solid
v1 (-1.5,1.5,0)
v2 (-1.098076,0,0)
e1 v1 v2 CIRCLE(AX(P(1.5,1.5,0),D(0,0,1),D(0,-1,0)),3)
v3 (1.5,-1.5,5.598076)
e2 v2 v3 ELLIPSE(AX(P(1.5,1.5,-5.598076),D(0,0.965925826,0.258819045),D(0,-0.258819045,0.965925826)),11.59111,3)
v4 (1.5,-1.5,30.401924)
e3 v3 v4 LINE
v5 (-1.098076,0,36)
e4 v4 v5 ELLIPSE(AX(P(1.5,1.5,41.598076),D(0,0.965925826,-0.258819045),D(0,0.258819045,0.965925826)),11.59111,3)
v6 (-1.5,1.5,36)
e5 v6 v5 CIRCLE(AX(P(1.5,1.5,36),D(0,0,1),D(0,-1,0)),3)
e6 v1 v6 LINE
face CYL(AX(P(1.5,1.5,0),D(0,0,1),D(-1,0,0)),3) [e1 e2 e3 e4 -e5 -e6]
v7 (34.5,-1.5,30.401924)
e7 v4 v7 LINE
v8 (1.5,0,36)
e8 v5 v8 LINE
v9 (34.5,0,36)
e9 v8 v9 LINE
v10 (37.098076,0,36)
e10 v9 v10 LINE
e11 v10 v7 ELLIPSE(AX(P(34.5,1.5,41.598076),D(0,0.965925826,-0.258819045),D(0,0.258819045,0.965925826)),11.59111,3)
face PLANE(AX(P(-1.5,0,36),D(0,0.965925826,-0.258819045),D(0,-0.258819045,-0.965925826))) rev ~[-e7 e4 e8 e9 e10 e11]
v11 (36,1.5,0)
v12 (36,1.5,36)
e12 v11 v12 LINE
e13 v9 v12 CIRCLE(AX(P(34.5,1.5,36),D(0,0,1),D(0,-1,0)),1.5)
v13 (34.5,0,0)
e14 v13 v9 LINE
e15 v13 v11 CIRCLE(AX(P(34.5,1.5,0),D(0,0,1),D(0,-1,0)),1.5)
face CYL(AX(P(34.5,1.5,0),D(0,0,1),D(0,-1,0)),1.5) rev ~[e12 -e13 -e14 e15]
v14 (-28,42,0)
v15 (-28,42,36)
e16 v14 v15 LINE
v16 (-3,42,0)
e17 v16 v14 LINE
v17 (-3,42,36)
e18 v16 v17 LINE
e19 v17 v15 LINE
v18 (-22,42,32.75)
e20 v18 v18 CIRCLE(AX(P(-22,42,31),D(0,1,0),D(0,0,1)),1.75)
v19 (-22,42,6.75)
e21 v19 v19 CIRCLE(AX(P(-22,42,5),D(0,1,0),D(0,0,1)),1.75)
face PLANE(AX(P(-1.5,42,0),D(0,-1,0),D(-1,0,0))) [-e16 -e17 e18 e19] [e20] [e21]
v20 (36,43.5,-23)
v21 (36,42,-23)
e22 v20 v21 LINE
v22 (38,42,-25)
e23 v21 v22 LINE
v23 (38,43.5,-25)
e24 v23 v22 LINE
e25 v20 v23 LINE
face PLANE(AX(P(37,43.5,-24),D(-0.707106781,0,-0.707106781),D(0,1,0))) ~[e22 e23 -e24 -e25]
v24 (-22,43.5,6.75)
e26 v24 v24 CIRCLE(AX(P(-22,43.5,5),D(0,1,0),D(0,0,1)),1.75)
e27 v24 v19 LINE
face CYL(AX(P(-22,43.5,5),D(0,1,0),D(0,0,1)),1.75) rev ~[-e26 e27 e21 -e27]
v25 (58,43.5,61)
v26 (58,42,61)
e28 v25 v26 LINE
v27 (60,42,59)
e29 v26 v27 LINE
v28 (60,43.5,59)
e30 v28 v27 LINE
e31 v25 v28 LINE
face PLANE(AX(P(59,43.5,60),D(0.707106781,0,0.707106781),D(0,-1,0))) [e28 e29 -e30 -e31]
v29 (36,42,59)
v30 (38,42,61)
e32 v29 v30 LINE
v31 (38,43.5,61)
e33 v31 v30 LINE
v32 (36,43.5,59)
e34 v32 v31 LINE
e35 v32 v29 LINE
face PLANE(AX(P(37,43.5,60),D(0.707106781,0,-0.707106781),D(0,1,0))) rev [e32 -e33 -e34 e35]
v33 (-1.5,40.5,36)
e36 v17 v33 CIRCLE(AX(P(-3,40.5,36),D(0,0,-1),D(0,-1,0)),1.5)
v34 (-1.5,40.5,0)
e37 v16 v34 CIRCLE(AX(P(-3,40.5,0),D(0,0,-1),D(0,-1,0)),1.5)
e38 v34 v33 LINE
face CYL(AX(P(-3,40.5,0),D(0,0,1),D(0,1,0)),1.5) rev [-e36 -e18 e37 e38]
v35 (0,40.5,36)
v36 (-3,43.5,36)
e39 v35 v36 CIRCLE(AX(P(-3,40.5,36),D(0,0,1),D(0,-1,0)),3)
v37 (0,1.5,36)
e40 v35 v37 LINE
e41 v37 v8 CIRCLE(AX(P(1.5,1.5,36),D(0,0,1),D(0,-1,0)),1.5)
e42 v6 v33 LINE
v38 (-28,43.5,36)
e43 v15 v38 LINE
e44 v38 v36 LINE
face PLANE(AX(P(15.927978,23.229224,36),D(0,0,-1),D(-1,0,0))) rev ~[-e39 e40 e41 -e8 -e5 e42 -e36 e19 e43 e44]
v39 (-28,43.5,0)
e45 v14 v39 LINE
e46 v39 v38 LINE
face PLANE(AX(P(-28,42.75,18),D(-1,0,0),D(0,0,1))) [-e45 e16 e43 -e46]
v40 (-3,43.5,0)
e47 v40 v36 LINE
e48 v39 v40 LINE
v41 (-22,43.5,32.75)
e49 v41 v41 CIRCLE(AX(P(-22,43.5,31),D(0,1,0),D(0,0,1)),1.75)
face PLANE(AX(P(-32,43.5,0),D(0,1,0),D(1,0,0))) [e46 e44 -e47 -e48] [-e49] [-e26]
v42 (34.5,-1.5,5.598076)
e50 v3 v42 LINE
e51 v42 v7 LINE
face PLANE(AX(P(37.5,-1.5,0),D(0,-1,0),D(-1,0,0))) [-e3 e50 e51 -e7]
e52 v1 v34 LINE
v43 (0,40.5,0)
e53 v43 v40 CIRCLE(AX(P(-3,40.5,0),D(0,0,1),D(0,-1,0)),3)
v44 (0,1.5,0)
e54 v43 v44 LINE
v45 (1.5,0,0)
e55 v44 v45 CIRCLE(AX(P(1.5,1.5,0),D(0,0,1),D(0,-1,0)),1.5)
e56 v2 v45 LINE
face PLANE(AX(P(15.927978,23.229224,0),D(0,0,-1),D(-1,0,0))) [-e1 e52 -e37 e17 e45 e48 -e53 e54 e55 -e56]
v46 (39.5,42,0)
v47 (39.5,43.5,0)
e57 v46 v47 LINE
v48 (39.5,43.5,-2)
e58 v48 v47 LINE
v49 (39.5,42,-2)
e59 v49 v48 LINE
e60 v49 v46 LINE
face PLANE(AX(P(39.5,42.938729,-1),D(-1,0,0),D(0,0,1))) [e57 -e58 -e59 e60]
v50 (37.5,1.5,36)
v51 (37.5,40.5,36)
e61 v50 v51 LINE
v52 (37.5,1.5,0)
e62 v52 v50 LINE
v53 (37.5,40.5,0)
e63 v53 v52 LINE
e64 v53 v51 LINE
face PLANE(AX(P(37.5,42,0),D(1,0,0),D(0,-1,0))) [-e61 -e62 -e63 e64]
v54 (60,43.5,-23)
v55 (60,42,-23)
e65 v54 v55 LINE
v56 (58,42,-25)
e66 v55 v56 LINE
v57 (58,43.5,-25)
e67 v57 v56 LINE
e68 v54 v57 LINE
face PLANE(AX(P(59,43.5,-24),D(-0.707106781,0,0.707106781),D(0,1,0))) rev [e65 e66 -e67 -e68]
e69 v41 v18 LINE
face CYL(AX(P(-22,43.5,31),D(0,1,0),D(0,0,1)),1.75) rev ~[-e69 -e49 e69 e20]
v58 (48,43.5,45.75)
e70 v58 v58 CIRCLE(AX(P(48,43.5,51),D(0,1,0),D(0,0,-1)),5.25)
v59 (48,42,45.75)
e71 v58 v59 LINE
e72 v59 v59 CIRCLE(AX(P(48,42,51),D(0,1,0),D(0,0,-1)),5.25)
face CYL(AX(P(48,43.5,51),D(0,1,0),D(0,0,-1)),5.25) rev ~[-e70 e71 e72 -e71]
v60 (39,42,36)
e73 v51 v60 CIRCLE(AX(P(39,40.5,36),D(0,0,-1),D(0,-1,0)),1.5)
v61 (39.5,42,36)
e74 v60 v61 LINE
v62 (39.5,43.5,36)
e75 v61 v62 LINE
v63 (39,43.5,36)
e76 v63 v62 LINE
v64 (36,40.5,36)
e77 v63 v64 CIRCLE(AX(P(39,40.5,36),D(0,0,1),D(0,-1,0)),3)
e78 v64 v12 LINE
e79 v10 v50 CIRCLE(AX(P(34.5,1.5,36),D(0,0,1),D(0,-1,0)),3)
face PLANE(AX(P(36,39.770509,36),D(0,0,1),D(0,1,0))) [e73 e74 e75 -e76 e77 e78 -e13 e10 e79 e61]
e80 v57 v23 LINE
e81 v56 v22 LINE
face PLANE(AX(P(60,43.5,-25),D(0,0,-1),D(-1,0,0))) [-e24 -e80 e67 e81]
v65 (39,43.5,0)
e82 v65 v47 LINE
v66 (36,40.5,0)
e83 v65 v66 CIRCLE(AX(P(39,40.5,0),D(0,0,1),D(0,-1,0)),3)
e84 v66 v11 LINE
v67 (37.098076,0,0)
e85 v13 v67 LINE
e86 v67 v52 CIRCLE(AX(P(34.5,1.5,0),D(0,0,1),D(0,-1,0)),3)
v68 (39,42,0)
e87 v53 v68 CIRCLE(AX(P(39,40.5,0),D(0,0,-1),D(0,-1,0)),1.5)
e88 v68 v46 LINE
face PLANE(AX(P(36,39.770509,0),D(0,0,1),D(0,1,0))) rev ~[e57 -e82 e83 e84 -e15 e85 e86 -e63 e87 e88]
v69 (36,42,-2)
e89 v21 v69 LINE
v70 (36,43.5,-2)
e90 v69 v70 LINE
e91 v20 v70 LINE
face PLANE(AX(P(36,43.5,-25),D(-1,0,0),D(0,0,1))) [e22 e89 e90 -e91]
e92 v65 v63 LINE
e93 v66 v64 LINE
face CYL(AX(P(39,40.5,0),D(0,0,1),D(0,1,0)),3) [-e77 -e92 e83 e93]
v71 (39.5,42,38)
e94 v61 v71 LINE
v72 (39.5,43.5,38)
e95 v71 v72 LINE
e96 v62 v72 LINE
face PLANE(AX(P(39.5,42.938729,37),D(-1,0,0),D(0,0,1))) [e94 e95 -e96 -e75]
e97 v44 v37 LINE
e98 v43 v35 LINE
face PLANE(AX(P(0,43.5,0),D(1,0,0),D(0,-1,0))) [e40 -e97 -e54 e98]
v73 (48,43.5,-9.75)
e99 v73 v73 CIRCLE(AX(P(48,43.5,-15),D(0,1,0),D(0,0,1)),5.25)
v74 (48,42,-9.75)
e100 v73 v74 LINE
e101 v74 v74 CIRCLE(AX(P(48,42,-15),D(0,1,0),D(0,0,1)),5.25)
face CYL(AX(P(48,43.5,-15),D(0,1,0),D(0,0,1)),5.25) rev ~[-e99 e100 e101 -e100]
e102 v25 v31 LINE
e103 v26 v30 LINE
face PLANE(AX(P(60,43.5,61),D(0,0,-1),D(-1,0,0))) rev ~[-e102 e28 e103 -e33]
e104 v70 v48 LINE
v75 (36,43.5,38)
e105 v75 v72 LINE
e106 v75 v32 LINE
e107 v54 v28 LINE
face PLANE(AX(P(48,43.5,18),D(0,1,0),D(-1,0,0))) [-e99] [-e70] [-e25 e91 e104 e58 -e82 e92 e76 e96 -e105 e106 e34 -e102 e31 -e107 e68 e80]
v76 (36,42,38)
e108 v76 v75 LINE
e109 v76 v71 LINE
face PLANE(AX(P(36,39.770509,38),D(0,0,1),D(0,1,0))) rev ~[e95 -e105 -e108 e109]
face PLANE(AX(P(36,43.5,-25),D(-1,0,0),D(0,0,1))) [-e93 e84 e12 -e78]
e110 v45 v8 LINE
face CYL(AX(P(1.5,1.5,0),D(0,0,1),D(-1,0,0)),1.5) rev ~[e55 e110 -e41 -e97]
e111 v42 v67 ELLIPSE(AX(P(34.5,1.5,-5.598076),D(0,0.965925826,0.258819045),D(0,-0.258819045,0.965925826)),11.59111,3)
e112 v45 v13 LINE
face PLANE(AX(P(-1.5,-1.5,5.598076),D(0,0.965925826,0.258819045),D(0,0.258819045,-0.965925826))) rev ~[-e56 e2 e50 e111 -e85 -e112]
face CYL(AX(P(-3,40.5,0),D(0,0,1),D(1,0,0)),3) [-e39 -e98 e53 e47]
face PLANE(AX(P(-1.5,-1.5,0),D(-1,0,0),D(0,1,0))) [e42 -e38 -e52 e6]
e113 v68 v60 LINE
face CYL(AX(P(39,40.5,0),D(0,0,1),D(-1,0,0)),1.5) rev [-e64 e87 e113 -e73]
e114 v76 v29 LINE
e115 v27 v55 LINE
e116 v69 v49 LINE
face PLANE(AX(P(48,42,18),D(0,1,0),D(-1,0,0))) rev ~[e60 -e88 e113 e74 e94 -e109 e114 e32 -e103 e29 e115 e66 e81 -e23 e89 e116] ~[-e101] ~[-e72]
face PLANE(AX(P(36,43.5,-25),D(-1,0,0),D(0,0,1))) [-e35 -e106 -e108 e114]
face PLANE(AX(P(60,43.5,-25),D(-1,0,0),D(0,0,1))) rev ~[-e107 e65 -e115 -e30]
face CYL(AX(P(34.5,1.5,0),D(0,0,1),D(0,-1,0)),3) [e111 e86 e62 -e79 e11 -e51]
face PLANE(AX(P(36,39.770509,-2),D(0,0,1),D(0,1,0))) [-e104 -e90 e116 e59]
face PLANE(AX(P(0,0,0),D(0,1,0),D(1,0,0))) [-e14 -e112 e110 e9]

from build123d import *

# Parameters (mm, degrees)
EXTRUDE_1_DEPTH     = 36
SKETCH_2_R          = 1.75
CUT_EXTRUDE_1_DEPTH = 35
FILLET_1_R          = 1.5
FILLET_2_R          = 3
CUT_EXTRUDE_5_DEPTH = 50
SKETCH_5_W          = 24
SKETCH_5_H          = 86
SKETCH_5_R          = 5.25
EXTRUDE_2_DEPTH     = 1.5
SKETCH_6_W          = 2
SKETCH_6_H          = 6.336440046
CUT_EXTRUDE_6_DEPTH = 3.5
FILLET_3_R          = 1.5
FILLET_4_R          = 3
CHAMFER_1_SIZE      = 2
SKETCH_7_W          = 36
SKETCH_7_H          = 1.5
CUT_EXTRUDE_7_DEPTH = 4


with BuildPart() as part:
    # Эскиз1 → Вытянуть1 (new body)
    with BuildSketch(Plane.XY):
        Polygon((-32, 43.5), (0, 43.5), (0, 0), (36, 0), (36, 43.5), (60, 43.5), (60, 42), (37.5, 42), (37.5, -1.5), (-1.5, -1.5), (-1.5, 42), (-32, 42), align=None)
    extrude(amount=EXTRUDE_1_DEPTH)

    # Эскиз2 → Вырез-Вытянуть1 (cut)
    with BuildSketch(Plane(origin=(0, 43.5, 0), x_dir=(-1, 0, 0), z_dir=(0, 1, 0))):
        with Locations(Location((22, 5, 0), (0, 0, 90))):
            Circle(SKETCH_2_R)
        with Locations(Location((22, 31, 0), (0, 0, 90))):
            Circle(SKETCH_2_R)
    extrude(amount=-CUT_EXTRUDE_1_DEPTH, mode=Mode.SUBTRACT)

    # Скругление1
    fillet_1_edges = [part.edges().sort_by_distance(p)[0] for p in [
        (0, 0, 18),
        (36, 0, 18),
        (-1.5, 42, 18),
    ]]
    fillet(fillet_1_edges, radius=FILLET_1_R)

    # Скругление2
    fillet_2_edges = [part.edges().sort_by_distance(p)[0] for p in [
        (0, 43.5, 18),
        (37.5, -1.5, 18),
        (-1.5, -1.5, 18),
    ]]
    fillet(fillet_2_edges, radius=FILLET_2_R)

    # Эскиз4 → Вырез-Вытянуть5 (cut)
    with BuildSketch(Plane.ZY.offset(1.5)):
        Polygon((36, 0), (30.401923789, -1.5), (5.598076211, -1.5), (0, 0), (0, -9.726752533), (36, -8.93099636), align=None)
    extrude(amount=-CUT_EXTRUDE_5_DEPTH, mode=Mode.SUBTRACT)

    # Эскиз5 → Вытянуть2 (add)
    with BuildSketch(Plane(origin=(0, 43.5, 0), x_dir=(-1, 0, 0), z_dir=(0, 1, 0))):
        with Locations((-48, 18)):
            Rectangle(SKETCH_5_W, SKETCH_5_H)
        with Locations(Location((-48, -15, 0), (0, 0, 90))):
            Circle(SKETCH_5_R, mode=Mode.SUBTRACT)
        with Locations(Location((-48, 51, 0), (0, 0, 270))):
            Circle(SKETCH_5_R, mode=Mode.SUBTRACT)
    extrude(amount=-EXTRUDE_2_DEPTH)

    # Эскиз6 → Вырез-Вытянуть6 (cut)
    with BuildSketch(Plane.ZY.offset(-36)):
        with Locations((37, 42.938728947)):
            Rectangle(SKETCH_6_W, SKETCH_6_H)
        with Locations((-1, 42.938728947)):
            Rectangle(SKETCH_6_W, SKETCH_6_H)
    extrude(amount=-CUT_EXTRUDE_6_DEPTH, mode=Mode.SUBTRACT)

    # Скругление3
    fillet_3_edges = [part.edges().sort_by_distance(p)[0] for p in [
        (37.5, 42, 18),
    ]]
    fillet(fillet_3_edges, radius=FILLET_3_R)

    # Скругление4
    fillet_4_edges = [part.edges().sort_by_distance(p)[0] for p in [
        (36, 43.5, 18),
    ]]
    fillet(fillet_4_edges, radius=FILLET_4_R)

    # Фаска1
    chamfer_1_edges = [part.edges().sort_by_distance(p)[0] for p in [
        (36, 42.75, 61),
        (36, 42.75, -25),
        (60, 42.75, -25),
        (60, 42.75, 61),
    ]]
    chamfer(chamfer_1_edges, length=CHAMFER_1_SIZE)

    # Эскиз7 → Вырез-Вытянуть7 (cut)
    with BuildSketch(Plane.ZY.offset(32)):
        with Locations((18, 42.75)):
            Rectangle(SKETCH_7_W, SKETCH_7_H)
    extrude(amount=-CUT_EXTRUDE_7_DEPTH, mode=Mode.SUBTRACT)


solid = part.part
